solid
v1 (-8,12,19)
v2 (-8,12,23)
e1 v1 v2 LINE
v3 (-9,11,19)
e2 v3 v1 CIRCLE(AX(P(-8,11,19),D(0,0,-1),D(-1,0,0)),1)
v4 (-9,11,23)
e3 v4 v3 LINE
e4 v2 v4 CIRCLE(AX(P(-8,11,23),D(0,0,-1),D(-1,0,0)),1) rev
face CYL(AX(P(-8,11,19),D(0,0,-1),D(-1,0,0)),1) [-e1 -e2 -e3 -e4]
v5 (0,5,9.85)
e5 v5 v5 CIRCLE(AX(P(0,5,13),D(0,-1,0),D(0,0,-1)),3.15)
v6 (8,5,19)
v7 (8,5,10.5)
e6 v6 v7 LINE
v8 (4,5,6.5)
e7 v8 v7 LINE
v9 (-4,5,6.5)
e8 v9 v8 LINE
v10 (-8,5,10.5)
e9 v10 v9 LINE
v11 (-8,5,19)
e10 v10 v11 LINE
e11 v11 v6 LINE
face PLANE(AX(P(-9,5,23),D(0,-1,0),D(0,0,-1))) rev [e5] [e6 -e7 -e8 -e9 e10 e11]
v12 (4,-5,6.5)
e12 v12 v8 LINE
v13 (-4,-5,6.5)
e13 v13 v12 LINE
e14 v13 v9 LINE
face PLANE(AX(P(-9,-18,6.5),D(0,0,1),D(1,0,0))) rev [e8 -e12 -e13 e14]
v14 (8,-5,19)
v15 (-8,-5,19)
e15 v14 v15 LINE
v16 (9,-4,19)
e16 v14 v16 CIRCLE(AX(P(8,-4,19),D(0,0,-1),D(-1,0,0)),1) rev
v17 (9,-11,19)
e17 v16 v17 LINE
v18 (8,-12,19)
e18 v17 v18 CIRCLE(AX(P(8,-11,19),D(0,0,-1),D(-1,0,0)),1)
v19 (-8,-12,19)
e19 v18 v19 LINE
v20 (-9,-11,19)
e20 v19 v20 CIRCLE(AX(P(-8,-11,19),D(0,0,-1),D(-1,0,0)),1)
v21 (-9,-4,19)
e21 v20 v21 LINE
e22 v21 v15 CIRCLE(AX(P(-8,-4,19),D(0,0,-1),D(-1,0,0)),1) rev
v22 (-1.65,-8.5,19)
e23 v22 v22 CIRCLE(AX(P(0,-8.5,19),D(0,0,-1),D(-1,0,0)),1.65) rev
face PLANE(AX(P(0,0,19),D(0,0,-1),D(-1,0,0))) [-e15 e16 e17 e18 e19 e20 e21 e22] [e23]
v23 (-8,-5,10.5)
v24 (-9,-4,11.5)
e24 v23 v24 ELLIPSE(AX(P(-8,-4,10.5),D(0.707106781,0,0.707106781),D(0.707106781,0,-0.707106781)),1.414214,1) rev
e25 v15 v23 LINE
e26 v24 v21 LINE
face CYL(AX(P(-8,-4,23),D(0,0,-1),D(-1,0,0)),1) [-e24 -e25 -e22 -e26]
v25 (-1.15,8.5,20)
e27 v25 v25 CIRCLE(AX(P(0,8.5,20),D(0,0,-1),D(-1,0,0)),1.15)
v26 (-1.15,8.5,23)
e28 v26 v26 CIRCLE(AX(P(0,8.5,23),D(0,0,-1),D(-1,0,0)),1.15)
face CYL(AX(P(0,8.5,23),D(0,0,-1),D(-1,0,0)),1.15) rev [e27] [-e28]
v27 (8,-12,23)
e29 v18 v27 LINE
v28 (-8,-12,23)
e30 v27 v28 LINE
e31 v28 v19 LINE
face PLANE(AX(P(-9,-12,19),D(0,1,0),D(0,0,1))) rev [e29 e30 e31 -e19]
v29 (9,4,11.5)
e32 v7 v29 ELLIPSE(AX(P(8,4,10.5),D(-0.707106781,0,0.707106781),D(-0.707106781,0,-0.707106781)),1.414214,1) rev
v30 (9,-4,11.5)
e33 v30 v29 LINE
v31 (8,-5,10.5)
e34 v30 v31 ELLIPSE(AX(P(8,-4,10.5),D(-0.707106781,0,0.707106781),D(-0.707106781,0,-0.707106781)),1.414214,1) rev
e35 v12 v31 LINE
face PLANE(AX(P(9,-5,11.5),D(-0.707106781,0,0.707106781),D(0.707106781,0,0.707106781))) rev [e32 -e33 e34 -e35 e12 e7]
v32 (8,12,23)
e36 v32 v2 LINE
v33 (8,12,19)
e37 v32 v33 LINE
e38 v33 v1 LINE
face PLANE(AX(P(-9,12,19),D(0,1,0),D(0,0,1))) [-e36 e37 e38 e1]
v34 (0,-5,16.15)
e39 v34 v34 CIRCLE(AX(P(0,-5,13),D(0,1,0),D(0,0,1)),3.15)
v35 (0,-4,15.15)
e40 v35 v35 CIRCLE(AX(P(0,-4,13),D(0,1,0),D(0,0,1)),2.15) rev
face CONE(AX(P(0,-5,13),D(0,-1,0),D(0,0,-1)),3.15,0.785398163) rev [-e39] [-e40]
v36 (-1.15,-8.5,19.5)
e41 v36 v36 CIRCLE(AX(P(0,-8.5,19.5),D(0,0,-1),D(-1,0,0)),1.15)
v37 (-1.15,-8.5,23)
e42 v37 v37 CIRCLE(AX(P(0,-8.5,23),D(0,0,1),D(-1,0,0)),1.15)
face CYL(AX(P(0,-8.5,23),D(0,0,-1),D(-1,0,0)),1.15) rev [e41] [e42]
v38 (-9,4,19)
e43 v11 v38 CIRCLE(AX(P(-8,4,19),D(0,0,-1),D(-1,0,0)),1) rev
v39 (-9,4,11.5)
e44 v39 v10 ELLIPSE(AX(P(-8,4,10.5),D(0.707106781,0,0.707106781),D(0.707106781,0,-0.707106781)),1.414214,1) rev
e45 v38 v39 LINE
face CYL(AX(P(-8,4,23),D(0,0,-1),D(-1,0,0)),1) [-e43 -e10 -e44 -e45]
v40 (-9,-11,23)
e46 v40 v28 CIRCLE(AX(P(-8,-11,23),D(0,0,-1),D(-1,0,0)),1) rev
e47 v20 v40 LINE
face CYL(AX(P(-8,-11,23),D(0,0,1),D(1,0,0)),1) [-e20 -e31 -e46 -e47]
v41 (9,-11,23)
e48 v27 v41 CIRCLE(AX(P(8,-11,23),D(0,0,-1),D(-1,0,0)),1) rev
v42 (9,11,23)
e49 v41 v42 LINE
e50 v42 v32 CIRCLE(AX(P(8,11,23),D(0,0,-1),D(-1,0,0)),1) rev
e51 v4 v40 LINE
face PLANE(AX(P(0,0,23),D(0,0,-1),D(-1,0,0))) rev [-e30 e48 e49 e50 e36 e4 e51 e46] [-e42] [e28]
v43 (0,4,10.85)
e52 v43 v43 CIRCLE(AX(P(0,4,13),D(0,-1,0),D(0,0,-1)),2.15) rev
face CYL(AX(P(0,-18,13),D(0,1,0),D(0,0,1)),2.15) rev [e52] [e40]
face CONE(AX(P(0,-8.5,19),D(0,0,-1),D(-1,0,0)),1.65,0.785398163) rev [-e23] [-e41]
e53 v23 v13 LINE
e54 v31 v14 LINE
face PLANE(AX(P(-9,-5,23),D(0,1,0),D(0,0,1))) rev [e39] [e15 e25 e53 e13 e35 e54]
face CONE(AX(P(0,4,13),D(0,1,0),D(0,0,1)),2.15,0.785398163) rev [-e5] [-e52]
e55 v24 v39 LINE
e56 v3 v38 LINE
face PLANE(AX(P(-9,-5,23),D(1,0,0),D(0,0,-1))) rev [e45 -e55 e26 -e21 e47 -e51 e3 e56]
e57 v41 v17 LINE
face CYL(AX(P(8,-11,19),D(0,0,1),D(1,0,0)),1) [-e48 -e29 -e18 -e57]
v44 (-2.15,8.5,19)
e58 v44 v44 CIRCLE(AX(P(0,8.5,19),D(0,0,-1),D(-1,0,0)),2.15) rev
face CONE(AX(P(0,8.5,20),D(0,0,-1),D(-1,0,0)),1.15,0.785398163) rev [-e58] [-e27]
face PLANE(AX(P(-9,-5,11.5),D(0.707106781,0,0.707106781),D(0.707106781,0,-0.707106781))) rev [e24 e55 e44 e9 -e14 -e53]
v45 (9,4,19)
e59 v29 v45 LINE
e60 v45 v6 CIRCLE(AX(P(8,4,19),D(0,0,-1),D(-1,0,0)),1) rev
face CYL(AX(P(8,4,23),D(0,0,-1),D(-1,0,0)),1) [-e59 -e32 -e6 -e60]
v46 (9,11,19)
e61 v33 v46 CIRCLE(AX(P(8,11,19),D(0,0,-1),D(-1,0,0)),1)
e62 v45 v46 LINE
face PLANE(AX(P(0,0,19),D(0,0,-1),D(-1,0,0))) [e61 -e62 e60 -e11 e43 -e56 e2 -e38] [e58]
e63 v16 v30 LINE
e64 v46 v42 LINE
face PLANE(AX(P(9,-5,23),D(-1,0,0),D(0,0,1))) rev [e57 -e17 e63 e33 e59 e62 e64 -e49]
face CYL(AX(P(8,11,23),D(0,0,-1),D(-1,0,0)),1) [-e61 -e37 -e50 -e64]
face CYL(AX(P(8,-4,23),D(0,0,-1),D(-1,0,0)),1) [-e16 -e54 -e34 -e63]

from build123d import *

# Parameters (mm, degrees)
SKETCH_1_W             = 18
SKETCH_1_H             = 10
EXTRUDE_1_DEPTH        = 23
SKETCH_3_R             = 2.15
CUT_EXTRUDE_1_DEPTH    = 23
FILLET_1_R             = 1
SKETCH_4_W             = 18
SKETCH_4_H             = 6.5
CUT_EXTRUDE_2_DEPTH    = 23
SKETCH_5_W             = 18
SKETCH_5_H             = 12
EXTRUDE_2_DEPTH        = 4
SKETCH_6_R             = 1.15
CUT_EXTRUDE_3_DEPTH    = 4
FILLET_2_R             = 1
CHAMFER_1_SIZE         = 1
FILLET_2_OF_MIRROR_1_R = 1
CHAMFER_2_SIZE         = 0.5
CUT_EXTRUDE_4_DEPTH    = 10


with BuildPart() as part:
    # 草图1 → 凸台-拉伸1 (new body)
    with BuildSketch(Plane.XY):
        Rectangle(SKETCH_1_W, SKETCH_1_H)
    extrude(amount=EXTRUDE_1_DEPTH)

    # 草图3 → 切除-拉伸1 (cut)
    with BuildSketch(Plane(origin=(0, 5, 0), x_dir=(1, 0, 0), z_dir=(0, 1, 0))):
        with Locations(Location((0, -13, 0), (0, 0, 270))):
            Circle(SKETCH_3_R)
    extrude(amount=-CUT_EXTRUDE_1_DEPTH, mode=Mode.SUBTRACT)

    # 圆角1
    fillet_1_edges = [part.edges().sort_by_distance(p)[0] for p in [
        (9, -5, 11.5),
        (-9, -5, 11.5),
        (-9, 5, 11.5),
        (9, 5, 11.5),
    ]]
    fillet(fillet_1_edges, radius=FILLET_1_R)

    # 草图4 → 切除-拉伸2 (cut)
    with BuildSketch(Plane(origin=(0, 5, 0), x_dir=(1, 0, 0), z_dir=(0, 1, 0))):
        with Locations((0, -3.25)):
            Rectangle(SKETCH_4_W, SKETCH_4_H)
    extrude(amount=-CUT_EXTRUDE_2_DEPTH, mode=Mode.SUBTRACT)

    # 草图5 → 凸台-拉伸2 (add)
    with BuildSketch(Plane.XY.offset(23)):
        with Locations((0, 6)):
            Rectangle(SKETCH_5_W, SKETCH_5_H)
    extrude_2 = extrude(amount=-EXTRUDE_2_DEPTH)

    # 草图6 → 切除-拉伸3 (cut)
    with BuildSketch(Plane(origin=(0, 0, 19), x_dir=(-1, 0, 0), z_dir=(0, 0, -1))):
        with Locations((0, 8.5)):
            Circle(SKETCH_6_R)
    cut_extrude_3 = extrude(amount=-CUT_EXTRUDE_3_DEPTH, mode=Mode.SUBTRACT)

    # 圆角2
    fillet_2_edges = [part.edges().sort_by_distance(p)[0] for p in [
        (9, 12, 21),
        (-9, 12, 21),
    ]]
    fillet(fillet_2_edges, radius=FILLET_2_R)

    # 倒角1
    chamfer_1_edges = [part.edges().sort_by_distance(p)[0] for p in [
        (1.15, 8.5, 19),
        (0, -5, 10.85),
        (0, 5, 10.85),
    ]]
    chamfer(chamfer_1_edges, length=CHAMFER_1_SIZE)

    # 镜向1: 凸台-拉伸2, 切除-拉伸3 across plane
    add(extrude_2.mirror(Plane.ZX))
    add(cut_extrude_3.mirror(Plane.ZX), mode=Mode.SUBTRACT)

    # 圆角2 of 镜向1
    fillet_2_of_mirror_1_edges = [part.edges().sort_by_distance(p)[0] for p in [
        (9, -12, 21),
        (-9, -12, 21),
    ]]
    fillet(fillet_2_of_mirror_1_edges, radius=FILLET_2_OF_MIRROR_1_R)

    # 倒角2
    chamfer_2_edges = [part.edges().sort_by_distance(p)[0] for p in [
        (1.15, -8.5, 19),
    ]]
    chamfer(chamfer_2_edges, length=CHAMFER_2_SIZE)

    # 草图7 → 切除-拉伸4 (cut)
    with BuildSketch(Plane(origin=(0, 5, 0), x_dir=(1, 0, 0), z_dir=(0, 1, 0))):
        Polygon((-9, -11.5), (-4, -6.5), (-9, -6.5), align=None)
        Polygon((9, -11.5), (4, -6.5), (9, -6.5), align=None)
    extrude(amount=-CUT_EXTRUDE_4_DEPTH, mode=Mode.SUBTRACT)


solid = part.part
